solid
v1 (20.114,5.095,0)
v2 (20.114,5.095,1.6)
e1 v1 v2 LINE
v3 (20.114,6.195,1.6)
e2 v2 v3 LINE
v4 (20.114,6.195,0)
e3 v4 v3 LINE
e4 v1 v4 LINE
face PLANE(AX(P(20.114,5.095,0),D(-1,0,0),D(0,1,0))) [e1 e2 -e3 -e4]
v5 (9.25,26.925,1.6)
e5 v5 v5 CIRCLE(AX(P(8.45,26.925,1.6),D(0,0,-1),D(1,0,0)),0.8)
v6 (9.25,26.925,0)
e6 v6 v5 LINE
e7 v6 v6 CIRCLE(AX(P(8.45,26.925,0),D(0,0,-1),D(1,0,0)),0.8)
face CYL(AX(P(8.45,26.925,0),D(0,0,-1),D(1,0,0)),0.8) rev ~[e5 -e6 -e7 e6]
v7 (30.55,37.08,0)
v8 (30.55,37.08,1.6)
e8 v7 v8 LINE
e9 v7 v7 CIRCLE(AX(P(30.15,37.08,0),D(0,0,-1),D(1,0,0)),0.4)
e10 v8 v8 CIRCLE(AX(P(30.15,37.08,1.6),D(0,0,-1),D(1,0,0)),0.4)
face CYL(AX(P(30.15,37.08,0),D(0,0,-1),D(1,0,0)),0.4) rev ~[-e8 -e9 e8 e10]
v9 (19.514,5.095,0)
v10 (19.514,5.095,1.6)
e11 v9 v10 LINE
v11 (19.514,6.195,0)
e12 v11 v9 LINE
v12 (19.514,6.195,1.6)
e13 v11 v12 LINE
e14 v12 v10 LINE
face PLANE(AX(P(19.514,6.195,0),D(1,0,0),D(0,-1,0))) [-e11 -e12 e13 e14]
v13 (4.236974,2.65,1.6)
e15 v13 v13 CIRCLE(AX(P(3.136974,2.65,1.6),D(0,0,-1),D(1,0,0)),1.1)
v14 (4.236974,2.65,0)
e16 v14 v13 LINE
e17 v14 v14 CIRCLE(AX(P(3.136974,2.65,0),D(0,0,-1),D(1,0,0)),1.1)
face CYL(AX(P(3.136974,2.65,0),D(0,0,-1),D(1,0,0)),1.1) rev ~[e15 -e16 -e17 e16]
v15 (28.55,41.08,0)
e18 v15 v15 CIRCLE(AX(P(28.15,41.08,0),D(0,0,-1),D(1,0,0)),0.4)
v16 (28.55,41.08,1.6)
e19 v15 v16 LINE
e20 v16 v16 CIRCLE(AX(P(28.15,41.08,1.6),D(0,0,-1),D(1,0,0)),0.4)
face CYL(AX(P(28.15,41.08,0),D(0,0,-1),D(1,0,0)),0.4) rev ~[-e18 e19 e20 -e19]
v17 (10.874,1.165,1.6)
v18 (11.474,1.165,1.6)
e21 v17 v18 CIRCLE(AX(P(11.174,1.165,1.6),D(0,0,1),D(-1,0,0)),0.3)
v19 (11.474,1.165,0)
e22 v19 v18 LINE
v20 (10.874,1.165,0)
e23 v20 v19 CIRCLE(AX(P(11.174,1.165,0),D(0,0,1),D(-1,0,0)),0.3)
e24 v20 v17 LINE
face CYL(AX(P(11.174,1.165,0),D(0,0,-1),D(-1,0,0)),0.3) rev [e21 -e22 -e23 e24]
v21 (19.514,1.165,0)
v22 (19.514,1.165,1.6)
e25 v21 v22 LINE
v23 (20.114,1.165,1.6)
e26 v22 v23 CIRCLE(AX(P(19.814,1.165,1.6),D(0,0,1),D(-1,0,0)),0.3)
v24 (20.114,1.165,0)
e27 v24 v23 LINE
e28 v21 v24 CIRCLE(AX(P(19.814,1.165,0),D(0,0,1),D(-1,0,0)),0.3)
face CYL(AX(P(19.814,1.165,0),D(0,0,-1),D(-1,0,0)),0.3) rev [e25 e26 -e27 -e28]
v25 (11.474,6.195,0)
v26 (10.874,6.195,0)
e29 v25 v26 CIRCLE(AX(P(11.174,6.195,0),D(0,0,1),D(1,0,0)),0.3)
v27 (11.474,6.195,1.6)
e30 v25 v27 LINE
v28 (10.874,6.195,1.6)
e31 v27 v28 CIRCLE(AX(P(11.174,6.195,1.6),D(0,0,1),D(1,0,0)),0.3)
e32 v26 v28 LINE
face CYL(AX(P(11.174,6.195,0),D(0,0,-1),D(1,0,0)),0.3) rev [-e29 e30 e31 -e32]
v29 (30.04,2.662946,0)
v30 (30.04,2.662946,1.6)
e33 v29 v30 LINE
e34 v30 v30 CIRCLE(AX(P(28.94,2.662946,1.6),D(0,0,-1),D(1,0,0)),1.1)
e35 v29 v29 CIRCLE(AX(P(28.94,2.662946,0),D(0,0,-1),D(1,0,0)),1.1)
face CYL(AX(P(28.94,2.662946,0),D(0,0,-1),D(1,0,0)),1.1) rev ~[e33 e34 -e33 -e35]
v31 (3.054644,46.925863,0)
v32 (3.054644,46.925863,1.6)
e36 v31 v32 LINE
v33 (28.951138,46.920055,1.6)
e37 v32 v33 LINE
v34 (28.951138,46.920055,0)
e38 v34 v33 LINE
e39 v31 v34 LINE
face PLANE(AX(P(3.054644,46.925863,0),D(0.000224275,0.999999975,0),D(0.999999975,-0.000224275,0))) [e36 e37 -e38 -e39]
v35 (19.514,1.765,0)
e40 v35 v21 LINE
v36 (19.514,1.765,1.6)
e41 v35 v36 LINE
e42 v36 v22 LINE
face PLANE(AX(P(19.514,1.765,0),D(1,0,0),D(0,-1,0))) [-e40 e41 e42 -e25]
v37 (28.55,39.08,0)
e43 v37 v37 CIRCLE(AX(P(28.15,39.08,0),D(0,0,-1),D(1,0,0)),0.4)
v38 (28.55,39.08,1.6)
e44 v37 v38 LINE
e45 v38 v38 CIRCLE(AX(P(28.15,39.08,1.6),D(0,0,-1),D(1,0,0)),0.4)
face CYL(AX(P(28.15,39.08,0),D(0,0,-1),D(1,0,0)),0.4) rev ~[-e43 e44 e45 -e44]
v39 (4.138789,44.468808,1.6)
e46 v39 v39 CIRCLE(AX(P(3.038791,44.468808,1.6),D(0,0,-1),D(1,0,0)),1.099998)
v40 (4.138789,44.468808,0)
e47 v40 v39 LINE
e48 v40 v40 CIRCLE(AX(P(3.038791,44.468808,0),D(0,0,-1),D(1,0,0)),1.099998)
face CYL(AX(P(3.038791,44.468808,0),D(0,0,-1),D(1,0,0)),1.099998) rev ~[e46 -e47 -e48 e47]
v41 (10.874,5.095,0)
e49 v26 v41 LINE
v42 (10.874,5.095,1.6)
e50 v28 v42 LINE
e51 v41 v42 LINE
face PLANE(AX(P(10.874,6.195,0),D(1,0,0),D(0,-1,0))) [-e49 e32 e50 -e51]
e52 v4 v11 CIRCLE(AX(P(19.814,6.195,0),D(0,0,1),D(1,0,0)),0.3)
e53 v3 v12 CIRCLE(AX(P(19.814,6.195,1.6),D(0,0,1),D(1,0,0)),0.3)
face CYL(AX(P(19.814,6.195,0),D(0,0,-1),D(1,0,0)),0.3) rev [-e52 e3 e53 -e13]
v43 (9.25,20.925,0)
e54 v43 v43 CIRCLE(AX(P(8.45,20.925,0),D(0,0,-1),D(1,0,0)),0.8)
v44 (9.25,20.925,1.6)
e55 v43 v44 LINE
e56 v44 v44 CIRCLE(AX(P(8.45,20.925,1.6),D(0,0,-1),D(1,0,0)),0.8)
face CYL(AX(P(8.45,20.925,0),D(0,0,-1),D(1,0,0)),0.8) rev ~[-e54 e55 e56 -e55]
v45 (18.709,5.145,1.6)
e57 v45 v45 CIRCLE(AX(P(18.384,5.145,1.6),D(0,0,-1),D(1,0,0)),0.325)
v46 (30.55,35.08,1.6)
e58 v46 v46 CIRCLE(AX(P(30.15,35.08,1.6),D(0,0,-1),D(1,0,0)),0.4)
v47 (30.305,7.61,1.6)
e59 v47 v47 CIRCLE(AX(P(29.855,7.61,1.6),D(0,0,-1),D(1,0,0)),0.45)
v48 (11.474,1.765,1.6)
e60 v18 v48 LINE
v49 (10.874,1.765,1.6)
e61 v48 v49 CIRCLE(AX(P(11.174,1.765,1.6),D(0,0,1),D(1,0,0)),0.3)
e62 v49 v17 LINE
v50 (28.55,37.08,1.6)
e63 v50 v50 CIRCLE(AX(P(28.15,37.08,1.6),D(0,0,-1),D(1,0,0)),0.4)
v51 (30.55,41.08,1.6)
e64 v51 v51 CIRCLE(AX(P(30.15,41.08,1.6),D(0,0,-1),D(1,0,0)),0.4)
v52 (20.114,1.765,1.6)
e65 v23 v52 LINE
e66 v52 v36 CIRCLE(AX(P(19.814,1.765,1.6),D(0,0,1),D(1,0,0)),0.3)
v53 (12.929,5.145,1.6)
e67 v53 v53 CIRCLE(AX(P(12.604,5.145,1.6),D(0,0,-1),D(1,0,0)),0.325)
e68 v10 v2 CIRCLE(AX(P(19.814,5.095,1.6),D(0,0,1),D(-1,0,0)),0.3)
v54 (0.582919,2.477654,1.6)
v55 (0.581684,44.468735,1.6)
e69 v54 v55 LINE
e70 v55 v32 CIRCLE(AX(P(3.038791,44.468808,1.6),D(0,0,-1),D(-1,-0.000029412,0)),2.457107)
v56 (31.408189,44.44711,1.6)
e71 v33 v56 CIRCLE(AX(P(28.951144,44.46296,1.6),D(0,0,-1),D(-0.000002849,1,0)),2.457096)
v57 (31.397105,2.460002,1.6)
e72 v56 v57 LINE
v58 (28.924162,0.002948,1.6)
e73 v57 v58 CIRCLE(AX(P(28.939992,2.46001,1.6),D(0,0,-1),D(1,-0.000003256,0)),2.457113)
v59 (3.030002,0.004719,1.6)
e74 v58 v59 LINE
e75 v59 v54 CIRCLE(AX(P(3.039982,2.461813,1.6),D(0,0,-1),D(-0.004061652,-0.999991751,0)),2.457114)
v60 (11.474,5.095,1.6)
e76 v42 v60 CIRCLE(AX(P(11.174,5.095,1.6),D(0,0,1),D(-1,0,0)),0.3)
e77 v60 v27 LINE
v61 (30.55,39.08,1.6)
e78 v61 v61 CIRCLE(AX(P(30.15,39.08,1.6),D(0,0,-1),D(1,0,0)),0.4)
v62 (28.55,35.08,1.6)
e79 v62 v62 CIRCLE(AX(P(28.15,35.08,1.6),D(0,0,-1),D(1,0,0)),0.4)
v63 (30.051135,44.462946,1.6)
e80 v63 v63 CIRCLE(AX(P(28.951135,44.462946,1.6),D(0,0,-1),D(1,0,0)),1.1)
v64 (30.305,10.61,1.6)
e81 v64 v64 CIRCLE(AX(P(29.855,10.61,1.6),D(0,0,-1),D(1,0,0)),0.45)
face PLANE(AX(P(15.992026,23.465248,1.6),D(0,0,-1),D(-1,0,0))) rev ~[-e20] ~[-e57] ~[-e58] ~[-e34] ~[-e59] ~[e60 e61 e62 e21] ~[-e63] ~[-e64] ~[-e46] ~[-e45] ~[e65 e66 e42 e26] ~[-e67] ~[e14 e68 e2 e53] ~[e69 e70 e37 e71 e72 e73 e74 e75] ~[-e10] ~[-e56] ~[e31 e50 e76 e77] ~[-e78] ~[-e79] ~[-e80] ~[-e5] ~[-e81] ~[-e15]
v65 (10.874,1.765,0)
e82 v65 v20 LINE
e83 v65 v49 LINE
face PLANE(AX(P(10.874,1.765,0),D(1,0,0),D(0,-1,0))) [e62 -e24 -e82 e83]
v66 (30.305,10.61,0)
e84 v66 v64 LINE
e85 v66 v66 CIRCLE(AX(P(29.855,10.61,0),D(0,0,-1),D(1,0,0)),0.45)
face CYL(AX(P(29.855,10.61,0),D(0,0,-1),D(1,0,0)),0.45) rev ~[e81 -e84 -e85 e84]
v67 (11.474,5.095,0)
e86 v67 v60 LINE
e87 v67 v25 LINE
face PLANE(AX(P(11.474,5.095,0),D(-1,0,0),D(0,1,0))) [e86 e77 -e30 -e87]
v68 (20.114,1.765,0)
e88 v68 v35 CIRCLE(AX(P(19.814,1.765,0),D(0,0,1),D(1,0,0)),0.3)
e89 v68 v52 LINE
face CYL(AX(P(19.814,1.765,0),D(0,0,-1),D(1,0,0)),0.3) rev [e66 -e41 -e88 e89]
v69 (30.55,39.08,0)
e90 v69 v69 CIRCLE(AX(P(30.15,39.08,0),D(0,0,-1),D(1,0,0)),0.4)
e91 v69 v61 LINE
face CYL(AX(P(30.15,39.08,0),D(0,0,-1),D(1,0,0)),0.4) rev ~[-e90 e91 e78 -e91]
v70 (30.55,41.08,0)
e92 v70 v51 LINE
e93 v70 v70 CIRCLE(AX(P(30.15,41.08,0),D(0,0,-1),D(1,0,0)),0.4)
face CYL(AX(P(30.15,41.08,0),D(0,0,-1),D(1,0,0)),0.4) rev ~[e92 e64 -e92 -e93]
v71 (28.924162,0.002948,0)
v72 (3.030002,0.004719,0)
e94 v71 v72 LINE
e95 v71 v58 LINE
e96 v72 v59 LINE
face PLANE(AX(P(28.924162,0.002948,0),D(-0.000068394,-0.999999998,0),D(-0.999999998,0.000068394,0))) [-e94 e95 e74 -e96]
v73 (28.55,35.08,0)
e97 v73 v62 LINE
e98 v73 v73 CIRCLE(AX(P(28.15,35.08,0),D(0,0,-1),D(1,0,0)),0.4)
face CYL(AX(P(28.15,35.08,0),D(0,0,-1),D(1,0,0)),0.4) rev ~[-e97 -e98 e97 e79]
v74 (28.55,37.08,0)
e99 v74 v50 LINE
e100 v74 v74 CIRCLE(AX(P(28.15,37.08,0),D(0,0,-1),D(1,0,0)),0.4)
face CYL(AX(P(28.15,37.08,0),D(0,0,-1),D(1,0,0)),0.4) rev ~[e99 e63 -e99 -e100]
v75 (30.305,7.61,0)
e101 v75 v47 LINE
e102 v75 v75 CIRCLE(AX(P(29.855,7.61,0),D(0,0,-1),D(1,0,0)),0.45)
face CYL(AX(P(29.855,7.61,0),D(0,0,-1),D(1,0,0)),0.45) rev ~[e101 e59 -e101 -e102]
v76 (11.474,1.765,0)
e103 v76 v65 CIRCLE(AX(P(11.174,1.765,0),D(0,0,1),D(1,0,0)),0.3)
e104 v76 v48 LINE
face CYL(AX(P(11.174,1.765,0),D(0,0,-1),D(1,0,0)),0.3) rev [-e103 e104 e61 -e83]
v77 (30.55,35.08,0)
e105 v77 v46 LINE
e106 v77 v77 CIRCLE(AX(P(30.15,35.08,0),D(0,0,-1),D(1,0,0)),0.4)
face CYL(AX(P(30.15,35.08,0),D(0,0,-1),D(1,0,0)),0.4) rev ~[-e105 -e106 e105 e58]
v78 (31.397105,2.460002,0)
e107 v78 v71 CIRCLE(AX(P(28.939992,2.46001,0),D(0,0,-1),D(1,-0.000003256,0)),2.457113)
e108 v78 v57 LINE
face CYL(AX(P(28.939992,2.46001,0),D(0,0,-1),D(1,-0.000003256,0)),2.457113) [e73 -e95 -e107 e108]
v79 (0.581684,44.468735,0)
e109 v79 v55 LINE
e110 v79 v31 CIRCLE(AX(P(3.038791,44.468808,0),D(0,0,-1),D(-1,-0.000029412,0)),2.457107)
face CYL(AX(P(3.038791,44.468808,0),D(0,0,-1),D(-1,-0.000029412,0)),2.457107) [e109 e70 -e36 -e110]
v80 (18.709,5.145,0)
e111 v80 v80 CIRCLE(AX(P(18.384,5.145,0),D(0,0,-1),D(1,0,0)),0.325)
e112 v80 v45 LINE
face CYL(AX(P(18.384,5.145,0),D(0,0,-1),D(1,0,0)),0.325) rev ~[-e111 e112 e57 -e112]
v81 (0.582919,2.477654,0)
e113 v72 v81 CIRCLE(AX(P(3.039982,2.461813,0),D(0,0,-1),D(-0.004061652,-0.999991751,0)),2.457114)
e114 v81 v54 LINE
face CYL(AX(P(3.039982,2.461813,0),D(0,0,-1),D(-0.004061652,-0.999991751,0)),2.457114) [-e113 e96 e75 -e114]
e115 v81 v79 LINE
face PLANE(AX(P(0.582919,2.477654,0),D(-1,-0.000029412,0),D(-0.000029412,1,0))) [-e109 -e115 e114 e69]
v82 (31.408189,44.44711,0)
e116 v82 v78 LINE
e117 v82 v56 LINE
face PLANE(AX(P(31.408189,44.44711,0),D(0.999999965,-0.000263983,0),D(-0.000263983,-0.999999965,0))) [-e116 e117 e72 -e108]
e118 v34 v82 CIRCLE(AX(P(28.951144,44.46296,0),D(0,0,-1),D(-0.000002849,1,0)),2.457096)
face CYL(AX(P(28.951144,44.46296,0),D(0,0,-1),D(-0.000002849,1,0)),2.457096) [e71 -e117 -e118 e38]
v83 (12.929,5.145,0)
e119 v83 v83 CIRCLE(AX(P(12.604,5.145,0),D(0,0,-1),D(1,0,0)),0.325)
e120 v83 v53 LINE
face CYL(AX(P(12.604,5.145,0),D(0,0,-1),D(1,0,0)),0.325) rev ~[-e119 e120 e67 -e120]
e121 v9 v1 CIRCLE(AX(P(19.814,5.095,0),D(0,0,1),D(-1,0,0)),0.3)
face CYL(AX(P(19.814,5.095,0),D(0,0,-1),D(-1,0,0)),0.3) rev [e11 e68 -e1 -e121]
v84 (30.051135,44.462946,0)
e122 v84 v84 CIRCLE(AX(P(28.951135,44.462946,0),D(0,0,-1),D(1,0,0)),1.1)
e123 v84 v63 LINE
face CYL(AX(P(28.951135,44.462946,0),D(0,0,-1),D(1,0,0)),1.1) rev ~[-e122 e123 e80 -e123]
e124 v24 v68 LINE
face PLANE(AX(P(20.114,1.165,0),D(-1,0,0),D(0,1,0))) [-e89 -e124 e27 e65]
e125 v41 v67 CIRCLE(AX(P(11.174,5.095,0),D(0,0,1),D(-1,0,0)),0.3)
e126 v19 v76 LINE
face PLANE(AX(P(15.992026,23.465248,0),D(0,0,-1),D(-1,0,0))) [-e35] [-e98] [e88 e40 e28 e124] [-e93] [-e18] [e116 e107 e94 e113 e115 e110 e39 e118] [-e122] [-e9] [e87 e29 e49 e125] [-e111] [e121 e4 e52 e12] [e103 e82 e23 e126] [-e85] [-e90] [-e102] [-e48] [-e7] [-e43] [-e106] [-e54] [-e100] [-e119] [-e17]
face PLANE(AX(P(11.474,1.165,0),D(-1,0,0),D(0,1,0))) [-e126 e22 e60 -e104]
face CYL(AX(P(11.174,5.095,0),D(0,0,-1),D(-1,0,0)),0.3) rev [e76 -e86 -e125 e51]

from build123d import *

# Parameters (mm, degrees)
SKETCH_1_R      = 1.1
SKETCH_1_R_2    = 0.45
SKETCH_1_R_3    = 0.325
SKETCH_1_R_4    = 0.8
SKETCH_1_R_5    = 0.4
SKETCH_1_R_6    = 1.099998
EXTRUDE_1_DEPTH = 1.6


with BuildPart() as part:
    # 草图1 → 凸台-拉伸1 (new body)
    with BuildSketch(Plane(origin=(0, 0, 0), x_dir=(-1, 0, 0), z_dir=(0, 0, -1))):
        with BuildLine():
            Line((-28.92416249, 0.002948493), (-3.030002484, 0.0047195))
            ThreePointArc((-3.030002484, 0.0047195), (-1.293435555, 0.73352407), (-0.582919351, 2.477653515))
            Line((-0.582919351, 2.477653515), (-0.581684294, 44.468735287))
            ThreePointArc((-0.581684294, 44.468735287), (-1.306942661, 46.21181505), (-3.054644493, 46.925863413))
            Line((-3.054644493, 46.925863413), (-28.9511375, 46.920055471))
            ThreePointArc((-28.9511375, 46.920055471), (-30.694165746, 46.194778446), (-31.408188877, 44.447109943))
            Line((-31.408188877, 44.447109943), (-31.397105, 2.460002))
            ThreePointArc((-31.397105, 2.460002), (-30.671824776, 0.716978502), (-28.92416249, 0.002948493))
        make_face()
        with Locations(Location((-28.94, 2.662946, 0), (0, 0, 180))):
            Circle(SKETCH_1_R, mode=Mode.SUBTRACT)
        with Locations(Location((-29.855, 7.61, 0), (0, 0, 180))):
            Circle(SKETCH_1_R_2, mode=Mode.SUBTRACT)
        with Locations(Location((-29.855, 10.61, 0), (0, 0, 180))):
            Circle(SKETCH_1_R_2, mode=Mode.SUBTRACT)
        with Locations(Location((-18.384, 5.145, 0), (0, 0, 180))):
            Circle(SKETCH_1_R_3, mode=Mode.SUBTRACT)
        with Locations(Location((-12.604, 5.145, 0), (0, 0, 180))):
            Circle(SKETCH_1_R_3, mode=Mode.SUBTRACT)
        with Locations(Location((-3.136974, 2.65, 0), (0, 0, 180))):
            Circle(SKETCH_1_R, mode=Mode.SUBTRACT)
        with Locations(Location((-8.45, 20.925, 0), (0, 0, 180))):
            Circle(SKETCH_1_R_4, mode=Mode.SUBTRACT)
        with Locations(Location((-30.15, 35.08, 0), (0, 0, 180))):
            Circle(SKETCH_1_R_5, mode=Mode.SUBTRACT)
        with Locations(Location((-30.15, 37.08, 0), (0, 0, 180))):
            Circle(SKETCH_1_R_5, mode=Mode.SUBTRACT)
        with Locations(Location((-28.15, 35.08, 0), (0, 0, 180))):
            Circle(SKETCH_1_R_5, mode=Mode.SUBTRACT)
        with Locations(Location((-28.15, 37.08, 0), (0, 0, 180))):
            Circle(SKETCH_1_R_5, mode=Mode.SUBTRACT)
        with Locations(Location((-30.15, 39.08, 0), (0, 0, 180))):
            Circle(SKETCH_1_R_5, mode=Mode.SUBTRACT)
        with Locations(Location((-28.15, 39.08, 0), (0, 0, 180))):
            Circle(SKETCH_1_R_5, mode=Mode.SUBTRACT)
        with Locations(Location((-30.15, 41.08, 0), (0, 0, 180))):
            Circle(SKETCH_1_R_5, mode=Mode.SUBTRACT)
        with Locations(Location((-28.15, 41.08, 0), (0, 0, 180))):
            Circle(SKETCH_1_R_5, mode=Mode.SUBTRACT)
        with Locations(Location((-28.951135, 44.462946, 0), (0, 0, 180))):
            Circle(SKETCH_1_R, mode=Mode.SUBTRACT)
        with Locations(Location((-8.45, 26.925, 0), (0, 0, 180))):
            Circle(SKETCH_1_R_4, mode=Mode.SUBTRACT)
        with Locations(Location((-3.038791293, 44.468807556, 0), (0, 0, 180))):
            Circle(SKETCH_1_R_6, mode=Mode.SUBTRACT)
        with BuildLine():
            Line((-19.514, 1.765), (-19.514, 1.165))
            ThreePointArc((-19.514, 1.165), (-19.814, 0.865), (-20.114, 1.165))
            Line((-20.114, 1.165), (-20.114, 1.765))
            ThreePointArc((-20.114, 1.765), (-19.814, 2.065), (-19.514, 1.765))
        make_face(mode=Mode.SUBTRACT)
        with BuildLine():
            Line((-19.514, 6.195), (-19.514, 5.095))
            ThreePointArc((-19.514, 5.095), (-19.814, 4.795), (-20.114, 5.095))
            Line((-20.114, 5.095), (-20.114, 6.195))
            ThreePointArc((-20.114, 6.195), (-19.814, 6.495), (-19.514, 6.195))
        make_face(mode=Mode.SUBTRACT)
        with BuildLine():
            Line((-10.874, 1.765), (-10.874, 1.165))
            ThreePointArc((-10.874, 1.165), (-11.174, 0.865), (-11.474, 1.165))
            Line((-11.474, 1.165), (-11.474, 1.765))
            ThreePointArc((-11.474, 1.765), (-11.174, 2.065), (-10.874, 1.765))
        make_face(mode=Mode.SUBTRACT)
        with BuildLine():
            Line((-10.874, 6.195), (-10.874, 5.095))
            ThreePointArc((-10.874, 5.095), (-11.174, 4.795), (-11.474, 5.095))
            Line((-11.474, 5.095), (-11.474, 6.195))
            ThreePointArc((-11.474, 6.195), (-11.174, 6.495), (-10.874, 6.195))
        make_face(mode=Mode.SUBTRACT)
    extrude(amount=-EXTRUDE_1_DEPTH)


solid = part.part
